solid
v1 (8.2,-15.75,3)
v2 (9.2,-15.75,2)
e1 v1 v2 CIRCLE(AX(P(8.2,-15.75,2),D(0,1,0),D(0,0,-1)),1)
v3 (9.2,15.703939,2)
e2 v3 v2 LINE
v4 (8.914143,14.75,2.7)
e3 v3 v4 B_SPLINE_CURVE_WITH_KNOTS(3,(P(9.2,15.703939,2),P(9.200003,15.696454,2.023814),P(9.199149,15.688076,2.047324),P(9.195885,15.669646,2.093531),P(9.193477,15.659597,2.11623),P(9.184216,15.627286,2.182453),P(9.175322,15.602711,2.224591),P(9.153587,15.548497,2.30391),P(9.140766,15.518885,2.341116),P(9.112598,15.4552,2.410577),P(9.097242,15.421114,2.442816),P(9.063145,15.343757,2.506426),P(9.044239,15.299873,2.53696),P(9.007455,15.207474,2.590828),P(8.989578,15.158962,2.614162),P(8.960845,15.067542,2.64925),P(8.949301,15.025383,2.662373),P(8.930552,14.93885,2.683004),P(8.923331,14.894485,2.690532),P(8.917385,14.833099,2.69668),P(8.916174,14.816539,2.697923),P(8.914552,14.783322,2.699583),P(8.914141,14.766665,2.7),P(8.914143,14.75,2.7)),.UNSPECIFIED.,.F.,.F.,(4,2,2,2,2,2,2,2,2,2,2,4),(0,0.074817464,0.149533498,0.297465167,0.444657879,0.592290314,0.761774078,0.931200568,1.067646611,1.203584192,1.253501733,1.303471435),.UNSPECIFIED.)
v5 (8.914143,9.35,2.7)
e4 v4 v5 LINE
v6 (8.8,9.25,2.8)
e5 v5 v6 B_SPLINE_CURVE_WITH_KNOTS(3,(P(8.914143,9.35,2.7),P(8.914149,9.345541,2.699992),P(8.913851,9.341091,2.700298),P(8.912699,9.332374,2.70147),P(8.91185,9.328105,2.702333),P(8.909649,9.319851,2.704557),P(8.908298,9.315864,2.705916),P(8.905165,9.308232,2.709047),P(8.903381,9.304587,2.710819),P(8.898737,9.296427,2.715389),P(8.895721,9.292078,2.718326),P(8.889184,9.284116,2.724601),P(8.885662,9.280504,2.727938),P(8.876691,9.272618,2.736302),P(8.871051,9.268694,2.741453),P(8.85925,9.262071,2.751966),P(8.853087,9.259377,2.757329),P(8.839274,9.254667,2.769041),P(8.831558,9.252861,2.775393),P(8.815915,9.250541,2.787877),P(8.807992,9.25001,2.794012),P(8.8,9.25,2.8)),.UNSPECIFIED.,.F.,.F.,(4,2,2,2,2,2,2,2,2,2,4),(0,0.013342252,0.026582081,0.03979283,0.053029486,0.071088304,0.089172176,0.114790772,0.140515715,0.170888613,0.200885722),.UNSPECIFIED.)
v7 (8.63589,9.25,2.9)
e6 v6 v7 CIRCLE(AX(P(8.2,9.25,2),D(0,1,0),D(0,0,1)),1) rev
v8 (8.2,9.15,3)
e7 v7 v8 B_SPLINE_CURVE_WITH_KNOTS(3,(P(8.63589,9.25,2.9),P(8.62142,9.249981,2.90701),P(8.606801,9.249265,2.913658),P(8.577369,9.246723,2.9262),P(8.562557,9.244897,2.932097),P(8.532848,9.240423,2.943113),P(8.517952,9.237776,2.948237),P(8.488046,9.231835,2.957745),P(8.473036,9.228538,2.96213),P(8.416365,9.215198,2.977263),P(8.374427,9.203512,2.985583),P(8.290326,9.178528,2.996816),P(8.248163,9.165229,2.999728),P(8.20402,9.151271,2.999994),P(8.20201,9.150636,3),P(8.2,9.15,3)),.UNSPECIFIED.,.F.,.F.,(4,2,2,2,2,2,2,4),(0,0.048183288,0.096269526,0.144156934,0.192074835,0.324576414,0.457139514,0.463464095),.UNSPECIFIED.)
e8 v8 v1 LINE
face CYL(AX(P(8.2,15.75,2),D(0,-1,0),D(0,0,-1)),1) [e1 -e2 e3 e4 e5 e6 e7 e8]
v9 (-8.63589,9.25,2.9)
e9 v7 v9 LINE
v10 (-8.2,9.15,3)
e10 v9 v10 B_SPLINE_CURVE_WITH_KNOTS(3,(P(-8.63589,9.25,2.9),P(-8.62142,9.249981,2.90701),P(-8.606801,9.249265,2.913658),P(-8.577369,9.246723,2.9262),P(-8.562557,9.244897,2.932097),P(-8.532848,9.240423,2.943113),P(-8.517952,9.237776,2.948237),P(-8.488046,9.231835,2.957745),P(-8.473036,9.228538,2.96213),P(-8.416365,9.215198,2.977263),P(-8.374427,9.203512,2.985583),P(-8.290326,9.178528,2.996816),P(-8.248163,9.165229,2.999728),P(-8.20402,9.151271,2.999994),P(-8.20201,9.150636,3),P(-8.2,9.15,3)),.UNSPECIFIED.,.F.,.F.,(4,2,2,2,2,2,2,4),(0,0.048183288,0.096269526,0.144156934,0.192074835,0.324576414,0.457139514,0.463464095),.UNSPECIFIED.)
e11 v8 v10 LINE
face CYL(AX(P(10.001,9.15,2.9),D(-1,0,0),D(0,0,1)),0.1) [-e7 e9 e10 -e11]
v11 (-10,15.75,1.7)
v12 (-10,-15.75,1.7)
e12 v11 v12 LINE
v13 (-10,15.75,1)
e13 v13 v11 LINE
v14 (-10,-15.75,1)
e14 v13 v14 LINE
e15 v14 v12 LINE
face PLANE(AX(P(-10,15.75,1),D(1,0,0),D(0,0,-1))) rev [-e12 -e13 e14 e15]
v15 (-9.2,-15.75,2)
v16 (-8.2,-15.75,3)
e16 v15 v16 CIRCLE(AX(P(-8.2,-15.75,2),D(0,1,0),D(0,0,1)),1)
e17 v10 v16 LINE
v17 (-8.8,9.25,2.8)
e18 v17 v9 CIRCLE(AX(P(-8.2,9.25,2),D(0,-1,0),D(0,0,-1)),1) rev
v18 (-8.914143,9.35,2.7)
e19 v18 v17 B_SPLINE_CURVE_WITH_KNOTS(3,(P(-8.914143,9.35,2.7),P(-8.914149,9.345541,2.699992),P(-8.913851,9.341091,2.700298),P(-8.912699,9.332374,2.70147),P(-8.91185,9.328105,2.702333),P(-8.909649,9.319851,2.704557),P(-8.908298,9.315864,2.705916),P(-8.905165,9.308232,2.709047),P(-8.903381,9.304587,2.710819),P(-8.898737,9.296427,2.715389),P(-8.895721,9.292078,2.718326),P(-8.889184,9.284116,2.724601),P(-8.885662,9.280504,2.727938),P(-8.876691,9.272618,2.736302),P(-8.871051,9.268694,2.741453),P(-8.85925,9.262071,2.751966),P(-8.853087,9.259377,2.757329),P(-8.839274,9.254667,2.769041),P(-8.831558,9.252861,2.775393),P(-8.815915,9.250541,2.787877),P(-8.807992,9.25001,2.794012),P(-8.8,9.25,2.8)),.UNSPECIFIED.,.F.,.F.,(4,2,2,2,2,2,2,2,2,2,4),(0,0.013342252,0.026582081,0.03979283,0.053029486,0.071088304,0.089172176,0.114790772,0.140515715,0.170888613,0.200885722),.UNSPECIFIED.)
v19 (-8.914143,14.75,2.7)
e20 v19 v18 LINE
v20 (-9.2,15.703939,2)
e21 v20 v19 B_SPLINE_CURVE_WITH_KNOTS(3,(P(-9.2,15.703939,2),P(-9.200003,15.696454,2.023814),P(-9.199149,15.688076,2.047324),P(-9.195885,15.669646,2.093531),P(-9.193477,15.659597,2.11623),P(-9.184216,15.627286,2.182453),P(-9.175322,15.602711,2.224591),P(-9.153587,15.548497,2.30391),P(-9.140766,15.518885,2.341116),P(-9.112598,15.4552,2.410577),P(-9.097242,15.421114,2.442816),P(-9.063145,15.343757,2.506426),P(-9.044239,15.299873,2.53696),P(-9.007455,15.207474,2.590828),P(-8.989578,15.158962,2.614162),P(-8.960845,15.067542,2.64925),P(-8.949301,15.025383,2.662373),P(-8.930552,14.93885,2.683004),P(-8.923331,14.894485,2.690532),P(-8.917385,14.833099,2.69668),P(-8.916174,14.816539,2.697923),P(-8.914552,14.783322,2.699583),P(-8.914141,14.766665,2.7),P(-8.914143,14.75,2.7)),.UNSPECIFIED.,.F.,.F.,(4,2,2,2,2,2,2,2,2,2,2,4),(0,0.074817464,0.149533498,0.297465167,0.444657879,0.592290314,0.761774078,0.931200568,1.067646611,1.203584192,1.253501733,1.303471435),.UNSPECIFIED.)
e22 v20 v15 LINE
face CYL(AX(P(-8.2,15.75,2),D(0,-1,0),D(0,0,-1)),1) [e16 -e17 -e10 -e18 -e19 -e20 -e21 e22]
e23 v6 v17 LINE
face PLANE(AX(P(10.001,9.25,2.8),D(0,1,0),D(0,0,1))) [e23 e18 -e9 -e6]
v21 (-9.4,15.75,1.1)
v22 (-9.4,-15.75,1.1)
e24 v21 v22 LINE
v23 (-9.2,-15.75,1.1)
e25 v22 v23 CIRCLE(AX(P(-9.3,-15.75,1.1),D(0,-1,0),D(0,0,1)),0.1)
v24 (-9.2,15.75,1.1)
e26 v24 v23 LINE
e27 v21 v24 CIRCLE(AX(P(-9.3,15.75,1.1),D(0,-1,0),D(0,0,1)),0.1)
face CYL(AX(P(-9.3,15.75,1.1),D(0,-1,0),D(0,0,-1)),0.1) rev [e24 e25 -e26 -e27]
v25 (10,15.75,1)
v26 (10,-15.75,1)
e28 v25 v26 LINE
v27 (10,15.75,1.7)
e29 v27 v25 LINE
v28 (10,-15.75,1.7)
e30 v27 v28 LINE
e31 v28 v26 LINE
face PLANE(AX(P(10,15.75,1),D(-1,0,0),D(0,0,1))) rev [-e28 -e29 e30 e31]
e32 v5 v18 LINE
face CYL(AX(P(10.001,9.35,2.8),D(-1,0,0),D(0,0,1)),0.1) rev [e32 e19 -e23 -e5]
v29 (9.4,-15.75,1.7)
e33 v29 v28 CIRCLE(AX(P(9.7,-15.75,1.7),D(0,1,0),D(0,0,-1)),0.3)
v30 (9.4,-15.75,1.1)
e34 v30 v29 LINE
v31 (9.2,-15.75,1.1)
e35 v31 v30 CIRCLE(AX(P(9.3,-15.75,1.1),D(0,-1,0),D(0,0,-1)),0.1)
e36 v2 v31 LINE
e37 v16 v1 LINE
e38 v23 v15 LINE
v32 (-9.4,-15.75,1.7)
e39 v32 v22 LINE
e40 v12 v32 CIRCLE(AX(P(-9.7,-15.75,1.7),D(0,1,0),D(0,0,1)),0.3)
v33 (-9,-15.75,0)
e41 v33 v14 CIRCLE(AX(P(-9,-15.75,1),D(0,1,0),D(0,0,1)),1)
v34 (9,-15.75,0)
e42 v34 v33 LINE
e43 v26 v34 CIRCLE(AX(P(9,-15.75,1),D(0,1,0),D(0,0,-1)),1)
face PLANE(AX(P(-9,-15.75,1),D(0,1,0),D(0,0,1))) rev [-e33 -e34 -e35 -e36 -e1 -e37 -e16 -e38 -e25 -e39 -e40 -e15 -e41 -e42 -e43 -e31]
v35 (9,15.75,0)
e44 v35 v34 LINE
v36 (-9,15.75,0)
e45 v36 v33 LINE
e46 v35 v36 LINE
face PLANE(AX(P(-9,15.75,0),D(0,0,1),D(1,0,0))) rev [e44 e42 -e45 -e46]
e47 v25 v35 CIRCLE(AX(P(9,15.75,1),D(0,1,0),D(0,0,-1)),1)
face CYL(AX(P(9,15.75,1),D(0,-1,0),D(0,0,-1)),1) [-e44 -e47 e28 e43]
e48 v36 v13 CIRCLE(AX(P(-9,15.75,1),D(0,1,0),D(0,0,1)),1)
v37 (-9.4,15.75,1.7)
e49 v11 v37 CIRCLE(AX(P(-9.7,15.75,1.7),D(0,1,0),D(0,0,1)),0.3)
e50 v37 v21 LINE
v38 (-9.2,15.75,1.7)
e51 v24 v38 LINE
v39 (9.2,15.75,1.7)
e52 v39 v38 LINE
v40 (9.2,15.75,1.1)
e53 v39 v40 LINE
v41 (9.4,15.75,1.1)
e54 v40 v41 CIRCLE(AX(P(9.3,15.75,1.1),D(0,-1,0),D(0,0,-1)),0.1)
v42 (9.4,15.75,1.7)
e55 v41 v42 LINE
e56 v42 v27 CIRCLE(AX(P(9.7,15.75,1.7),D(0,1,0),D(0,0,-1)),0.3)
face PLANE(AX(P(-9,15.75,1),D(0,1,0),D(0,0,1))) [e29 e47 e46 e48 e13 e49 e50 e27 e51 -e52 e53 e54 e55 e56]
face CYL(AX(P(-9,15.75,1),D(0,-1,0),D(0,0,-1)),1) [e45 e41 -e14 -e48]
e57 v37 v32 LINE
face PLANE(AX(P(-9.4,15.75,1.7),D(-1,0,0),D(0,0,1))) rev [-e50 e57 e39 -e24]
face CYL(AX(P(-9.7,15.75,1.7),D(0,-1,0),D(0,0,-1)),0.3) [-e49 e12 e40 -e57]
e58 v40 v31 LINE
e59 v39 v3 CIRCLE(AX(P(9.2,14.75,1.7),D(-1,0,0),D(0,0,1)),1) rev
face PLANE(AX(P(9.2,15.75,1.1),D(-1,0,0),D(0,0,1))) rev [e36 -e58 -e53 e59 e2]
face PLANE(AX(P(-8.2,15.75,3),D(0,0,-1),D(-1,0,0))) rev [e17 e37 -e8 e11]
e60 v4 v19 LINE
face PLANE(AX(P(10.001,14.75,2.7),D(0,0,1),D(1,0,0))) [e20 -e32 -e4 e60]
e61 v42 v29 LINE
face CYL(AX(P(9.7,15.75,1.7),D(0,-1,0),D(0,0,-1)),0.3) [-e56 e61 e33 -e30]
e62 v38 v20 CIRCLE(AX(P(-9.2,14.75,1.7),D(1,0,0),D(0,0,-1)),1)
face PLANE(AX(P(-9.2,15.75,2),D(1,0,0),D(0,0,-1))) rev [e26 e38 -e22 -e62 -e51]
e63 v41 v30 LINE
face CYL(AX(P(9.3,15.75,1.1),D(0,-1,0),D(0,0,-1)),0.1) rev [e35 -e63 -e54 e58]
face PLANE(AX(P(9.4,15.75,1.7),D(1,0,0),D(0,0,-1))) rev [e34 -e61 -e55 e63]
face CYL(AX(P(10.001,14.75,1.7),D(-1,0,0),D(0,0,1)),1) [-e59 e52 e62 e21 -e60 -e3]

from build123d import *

# Parameters (mm, degrees)
EXTRUDE_1_DEPTH                 = 15.75
CUT_EXTRUDE_1_REACH             = 20.896
CUT_EXTRUDE_1_DIRECTION_2_REACH = 20.896


with BuildPart() as part:
    # Эскиз1 → Бобышка-Вытянуть1 (new, symmetric)
    with BuildSketch(Plane(origin=(0, 0, 0), x_dir=(1, 0, 0), z_dir=(0, 1, 0))):
        with BuildLine():
            Line((-9, 0), (9, 0))
            ThreePointArc((9, 0), (9.707106781, -0.292893219), (10, -1))
            Line((10, -1), (10, -1.7))
            ThreePointArc((10, -1.7), (9.7, -2), (9.4, -1.7))
            Line((9.4, -1.7), (9.4, -1.1))
            ThreePointArc((9.4, -1.1), (9.3, -1), (9.2, -1.1))
            Line((9.2, -1.1), (9.2, -2))
            ThreePointArc((9.2, -2), (8.907106781, -2.707106781), (8.2, -3))
            Line((8.2, -3), (-8.2, -3))
            ThreePointArc((-8.2, -3), (-8.907106781, -2.707106781), (-9.2, -2))
            Line((-9.2, -2), (-9.2, -1.1))
            ThreePointArc((-9.2, -1.1), (-9.3, -1), (-9.4, -1.1))
            Line((-9.4, -1.1), (-9.4, -1.7))
            ThreePointArc((-9.4, -1.7), (-9.7, -2), (-10, -1.7))
            Line((-10, -1.7), (-10, -1))
            ThreePointArc((-10, -1), (-9.707106781, -0.292893219), (-9, 0))
        make_face()
    extrude(amount=EXTRUDE_1_DEPTH, both=True)

    # Эскиз2 → Вырез-Вытянуть1 (cut, up to next)
    with BuildSketch(Plane(origin=(0, 0, 0), x_dir=(0, 0, -1), z_dir=(1, 0, 0)), mode=Mode.PRIVATE) as cut_extrude_1_sk1:
        with BuildLine():
            Line((-2.7, 14.75), (-2.7, 9.35))
            ThreePointArc((-2.7, 9.35), (-2.729289322, 9.279289322), (-2.8, 9.25))
            Line((-2.8, 9.25), (-2.9, 9.25))
            ThreePointArc((-2.9, 9.25), (-2.970710678, 9.220710678), (-3, 9.15))
            Line((-3, 9.15), (-3, 15.75))
            Line((-3, 15.75), (-1.7, 15.75))
            ThreePointArc((-1.7, 15.75), (-2.407106781, 15.457106781), (-2.7, 14.75))
        make_face()
    cut_extrude_1_tool1 = extrude(cut_extrude_1_sk1.sketch, amount=-CUT_EXTRUDE_1_REACH, mode=Mode.PRIVATE) & part.part
    add(cut_extrude_1_tool1.solids().sort_by_distance((0, 12.800021, 2.813237))[0], mode=Mode.SUBTRACT)

    # Эскиз2 → Вырез-Вытянуть1 direction 2 (cut, up to next)
    with BuildSketch(Plane(origin=(0, 0, 0), x_dir=(0, 0, -1), z_dir=(1, 0, 0)), mode=Mode.PRIVATE) as cut_extrude_1_direction_2_sk1:
        with BuildLine():
            Line((-2.7, 14.75), (-2.7, 9.35))
            ThreePointArc((-2.7, 9.35), (-2.729289322, 9.279289322), (-2.8, 9.25))
            Line((-2.8, 9.25), (-2.9, 9.25))
            ThreePointArc((-2.9, 9.25), (-2.970710678, 9.220710678), (-3, 9.15))
            Line((-3, 9.15), (-3, 15.75))
            Line((-3, 15.75), (-1.7, 15.75))
            ThreePointArc((-1.7, 15.75), (-2.407106781, 15.457106781), (-2.7, 14.75))
        make_face()
    cut_extrude_1_direction_2_tool1 = extrude(cut_extrude_1_direction_2_sk1.sketch, amount=CUT_EXTRUDE_1_DIRECTION_2_REACH, mode=Mode.PRIVATE) & part.part
    add(cut_extrude_1_direction_2_tool1.solids().sort_by_distance((0, 12.800021, 2.813237))[0], mode=Mode.SUBTRACT)


solid = part.part
